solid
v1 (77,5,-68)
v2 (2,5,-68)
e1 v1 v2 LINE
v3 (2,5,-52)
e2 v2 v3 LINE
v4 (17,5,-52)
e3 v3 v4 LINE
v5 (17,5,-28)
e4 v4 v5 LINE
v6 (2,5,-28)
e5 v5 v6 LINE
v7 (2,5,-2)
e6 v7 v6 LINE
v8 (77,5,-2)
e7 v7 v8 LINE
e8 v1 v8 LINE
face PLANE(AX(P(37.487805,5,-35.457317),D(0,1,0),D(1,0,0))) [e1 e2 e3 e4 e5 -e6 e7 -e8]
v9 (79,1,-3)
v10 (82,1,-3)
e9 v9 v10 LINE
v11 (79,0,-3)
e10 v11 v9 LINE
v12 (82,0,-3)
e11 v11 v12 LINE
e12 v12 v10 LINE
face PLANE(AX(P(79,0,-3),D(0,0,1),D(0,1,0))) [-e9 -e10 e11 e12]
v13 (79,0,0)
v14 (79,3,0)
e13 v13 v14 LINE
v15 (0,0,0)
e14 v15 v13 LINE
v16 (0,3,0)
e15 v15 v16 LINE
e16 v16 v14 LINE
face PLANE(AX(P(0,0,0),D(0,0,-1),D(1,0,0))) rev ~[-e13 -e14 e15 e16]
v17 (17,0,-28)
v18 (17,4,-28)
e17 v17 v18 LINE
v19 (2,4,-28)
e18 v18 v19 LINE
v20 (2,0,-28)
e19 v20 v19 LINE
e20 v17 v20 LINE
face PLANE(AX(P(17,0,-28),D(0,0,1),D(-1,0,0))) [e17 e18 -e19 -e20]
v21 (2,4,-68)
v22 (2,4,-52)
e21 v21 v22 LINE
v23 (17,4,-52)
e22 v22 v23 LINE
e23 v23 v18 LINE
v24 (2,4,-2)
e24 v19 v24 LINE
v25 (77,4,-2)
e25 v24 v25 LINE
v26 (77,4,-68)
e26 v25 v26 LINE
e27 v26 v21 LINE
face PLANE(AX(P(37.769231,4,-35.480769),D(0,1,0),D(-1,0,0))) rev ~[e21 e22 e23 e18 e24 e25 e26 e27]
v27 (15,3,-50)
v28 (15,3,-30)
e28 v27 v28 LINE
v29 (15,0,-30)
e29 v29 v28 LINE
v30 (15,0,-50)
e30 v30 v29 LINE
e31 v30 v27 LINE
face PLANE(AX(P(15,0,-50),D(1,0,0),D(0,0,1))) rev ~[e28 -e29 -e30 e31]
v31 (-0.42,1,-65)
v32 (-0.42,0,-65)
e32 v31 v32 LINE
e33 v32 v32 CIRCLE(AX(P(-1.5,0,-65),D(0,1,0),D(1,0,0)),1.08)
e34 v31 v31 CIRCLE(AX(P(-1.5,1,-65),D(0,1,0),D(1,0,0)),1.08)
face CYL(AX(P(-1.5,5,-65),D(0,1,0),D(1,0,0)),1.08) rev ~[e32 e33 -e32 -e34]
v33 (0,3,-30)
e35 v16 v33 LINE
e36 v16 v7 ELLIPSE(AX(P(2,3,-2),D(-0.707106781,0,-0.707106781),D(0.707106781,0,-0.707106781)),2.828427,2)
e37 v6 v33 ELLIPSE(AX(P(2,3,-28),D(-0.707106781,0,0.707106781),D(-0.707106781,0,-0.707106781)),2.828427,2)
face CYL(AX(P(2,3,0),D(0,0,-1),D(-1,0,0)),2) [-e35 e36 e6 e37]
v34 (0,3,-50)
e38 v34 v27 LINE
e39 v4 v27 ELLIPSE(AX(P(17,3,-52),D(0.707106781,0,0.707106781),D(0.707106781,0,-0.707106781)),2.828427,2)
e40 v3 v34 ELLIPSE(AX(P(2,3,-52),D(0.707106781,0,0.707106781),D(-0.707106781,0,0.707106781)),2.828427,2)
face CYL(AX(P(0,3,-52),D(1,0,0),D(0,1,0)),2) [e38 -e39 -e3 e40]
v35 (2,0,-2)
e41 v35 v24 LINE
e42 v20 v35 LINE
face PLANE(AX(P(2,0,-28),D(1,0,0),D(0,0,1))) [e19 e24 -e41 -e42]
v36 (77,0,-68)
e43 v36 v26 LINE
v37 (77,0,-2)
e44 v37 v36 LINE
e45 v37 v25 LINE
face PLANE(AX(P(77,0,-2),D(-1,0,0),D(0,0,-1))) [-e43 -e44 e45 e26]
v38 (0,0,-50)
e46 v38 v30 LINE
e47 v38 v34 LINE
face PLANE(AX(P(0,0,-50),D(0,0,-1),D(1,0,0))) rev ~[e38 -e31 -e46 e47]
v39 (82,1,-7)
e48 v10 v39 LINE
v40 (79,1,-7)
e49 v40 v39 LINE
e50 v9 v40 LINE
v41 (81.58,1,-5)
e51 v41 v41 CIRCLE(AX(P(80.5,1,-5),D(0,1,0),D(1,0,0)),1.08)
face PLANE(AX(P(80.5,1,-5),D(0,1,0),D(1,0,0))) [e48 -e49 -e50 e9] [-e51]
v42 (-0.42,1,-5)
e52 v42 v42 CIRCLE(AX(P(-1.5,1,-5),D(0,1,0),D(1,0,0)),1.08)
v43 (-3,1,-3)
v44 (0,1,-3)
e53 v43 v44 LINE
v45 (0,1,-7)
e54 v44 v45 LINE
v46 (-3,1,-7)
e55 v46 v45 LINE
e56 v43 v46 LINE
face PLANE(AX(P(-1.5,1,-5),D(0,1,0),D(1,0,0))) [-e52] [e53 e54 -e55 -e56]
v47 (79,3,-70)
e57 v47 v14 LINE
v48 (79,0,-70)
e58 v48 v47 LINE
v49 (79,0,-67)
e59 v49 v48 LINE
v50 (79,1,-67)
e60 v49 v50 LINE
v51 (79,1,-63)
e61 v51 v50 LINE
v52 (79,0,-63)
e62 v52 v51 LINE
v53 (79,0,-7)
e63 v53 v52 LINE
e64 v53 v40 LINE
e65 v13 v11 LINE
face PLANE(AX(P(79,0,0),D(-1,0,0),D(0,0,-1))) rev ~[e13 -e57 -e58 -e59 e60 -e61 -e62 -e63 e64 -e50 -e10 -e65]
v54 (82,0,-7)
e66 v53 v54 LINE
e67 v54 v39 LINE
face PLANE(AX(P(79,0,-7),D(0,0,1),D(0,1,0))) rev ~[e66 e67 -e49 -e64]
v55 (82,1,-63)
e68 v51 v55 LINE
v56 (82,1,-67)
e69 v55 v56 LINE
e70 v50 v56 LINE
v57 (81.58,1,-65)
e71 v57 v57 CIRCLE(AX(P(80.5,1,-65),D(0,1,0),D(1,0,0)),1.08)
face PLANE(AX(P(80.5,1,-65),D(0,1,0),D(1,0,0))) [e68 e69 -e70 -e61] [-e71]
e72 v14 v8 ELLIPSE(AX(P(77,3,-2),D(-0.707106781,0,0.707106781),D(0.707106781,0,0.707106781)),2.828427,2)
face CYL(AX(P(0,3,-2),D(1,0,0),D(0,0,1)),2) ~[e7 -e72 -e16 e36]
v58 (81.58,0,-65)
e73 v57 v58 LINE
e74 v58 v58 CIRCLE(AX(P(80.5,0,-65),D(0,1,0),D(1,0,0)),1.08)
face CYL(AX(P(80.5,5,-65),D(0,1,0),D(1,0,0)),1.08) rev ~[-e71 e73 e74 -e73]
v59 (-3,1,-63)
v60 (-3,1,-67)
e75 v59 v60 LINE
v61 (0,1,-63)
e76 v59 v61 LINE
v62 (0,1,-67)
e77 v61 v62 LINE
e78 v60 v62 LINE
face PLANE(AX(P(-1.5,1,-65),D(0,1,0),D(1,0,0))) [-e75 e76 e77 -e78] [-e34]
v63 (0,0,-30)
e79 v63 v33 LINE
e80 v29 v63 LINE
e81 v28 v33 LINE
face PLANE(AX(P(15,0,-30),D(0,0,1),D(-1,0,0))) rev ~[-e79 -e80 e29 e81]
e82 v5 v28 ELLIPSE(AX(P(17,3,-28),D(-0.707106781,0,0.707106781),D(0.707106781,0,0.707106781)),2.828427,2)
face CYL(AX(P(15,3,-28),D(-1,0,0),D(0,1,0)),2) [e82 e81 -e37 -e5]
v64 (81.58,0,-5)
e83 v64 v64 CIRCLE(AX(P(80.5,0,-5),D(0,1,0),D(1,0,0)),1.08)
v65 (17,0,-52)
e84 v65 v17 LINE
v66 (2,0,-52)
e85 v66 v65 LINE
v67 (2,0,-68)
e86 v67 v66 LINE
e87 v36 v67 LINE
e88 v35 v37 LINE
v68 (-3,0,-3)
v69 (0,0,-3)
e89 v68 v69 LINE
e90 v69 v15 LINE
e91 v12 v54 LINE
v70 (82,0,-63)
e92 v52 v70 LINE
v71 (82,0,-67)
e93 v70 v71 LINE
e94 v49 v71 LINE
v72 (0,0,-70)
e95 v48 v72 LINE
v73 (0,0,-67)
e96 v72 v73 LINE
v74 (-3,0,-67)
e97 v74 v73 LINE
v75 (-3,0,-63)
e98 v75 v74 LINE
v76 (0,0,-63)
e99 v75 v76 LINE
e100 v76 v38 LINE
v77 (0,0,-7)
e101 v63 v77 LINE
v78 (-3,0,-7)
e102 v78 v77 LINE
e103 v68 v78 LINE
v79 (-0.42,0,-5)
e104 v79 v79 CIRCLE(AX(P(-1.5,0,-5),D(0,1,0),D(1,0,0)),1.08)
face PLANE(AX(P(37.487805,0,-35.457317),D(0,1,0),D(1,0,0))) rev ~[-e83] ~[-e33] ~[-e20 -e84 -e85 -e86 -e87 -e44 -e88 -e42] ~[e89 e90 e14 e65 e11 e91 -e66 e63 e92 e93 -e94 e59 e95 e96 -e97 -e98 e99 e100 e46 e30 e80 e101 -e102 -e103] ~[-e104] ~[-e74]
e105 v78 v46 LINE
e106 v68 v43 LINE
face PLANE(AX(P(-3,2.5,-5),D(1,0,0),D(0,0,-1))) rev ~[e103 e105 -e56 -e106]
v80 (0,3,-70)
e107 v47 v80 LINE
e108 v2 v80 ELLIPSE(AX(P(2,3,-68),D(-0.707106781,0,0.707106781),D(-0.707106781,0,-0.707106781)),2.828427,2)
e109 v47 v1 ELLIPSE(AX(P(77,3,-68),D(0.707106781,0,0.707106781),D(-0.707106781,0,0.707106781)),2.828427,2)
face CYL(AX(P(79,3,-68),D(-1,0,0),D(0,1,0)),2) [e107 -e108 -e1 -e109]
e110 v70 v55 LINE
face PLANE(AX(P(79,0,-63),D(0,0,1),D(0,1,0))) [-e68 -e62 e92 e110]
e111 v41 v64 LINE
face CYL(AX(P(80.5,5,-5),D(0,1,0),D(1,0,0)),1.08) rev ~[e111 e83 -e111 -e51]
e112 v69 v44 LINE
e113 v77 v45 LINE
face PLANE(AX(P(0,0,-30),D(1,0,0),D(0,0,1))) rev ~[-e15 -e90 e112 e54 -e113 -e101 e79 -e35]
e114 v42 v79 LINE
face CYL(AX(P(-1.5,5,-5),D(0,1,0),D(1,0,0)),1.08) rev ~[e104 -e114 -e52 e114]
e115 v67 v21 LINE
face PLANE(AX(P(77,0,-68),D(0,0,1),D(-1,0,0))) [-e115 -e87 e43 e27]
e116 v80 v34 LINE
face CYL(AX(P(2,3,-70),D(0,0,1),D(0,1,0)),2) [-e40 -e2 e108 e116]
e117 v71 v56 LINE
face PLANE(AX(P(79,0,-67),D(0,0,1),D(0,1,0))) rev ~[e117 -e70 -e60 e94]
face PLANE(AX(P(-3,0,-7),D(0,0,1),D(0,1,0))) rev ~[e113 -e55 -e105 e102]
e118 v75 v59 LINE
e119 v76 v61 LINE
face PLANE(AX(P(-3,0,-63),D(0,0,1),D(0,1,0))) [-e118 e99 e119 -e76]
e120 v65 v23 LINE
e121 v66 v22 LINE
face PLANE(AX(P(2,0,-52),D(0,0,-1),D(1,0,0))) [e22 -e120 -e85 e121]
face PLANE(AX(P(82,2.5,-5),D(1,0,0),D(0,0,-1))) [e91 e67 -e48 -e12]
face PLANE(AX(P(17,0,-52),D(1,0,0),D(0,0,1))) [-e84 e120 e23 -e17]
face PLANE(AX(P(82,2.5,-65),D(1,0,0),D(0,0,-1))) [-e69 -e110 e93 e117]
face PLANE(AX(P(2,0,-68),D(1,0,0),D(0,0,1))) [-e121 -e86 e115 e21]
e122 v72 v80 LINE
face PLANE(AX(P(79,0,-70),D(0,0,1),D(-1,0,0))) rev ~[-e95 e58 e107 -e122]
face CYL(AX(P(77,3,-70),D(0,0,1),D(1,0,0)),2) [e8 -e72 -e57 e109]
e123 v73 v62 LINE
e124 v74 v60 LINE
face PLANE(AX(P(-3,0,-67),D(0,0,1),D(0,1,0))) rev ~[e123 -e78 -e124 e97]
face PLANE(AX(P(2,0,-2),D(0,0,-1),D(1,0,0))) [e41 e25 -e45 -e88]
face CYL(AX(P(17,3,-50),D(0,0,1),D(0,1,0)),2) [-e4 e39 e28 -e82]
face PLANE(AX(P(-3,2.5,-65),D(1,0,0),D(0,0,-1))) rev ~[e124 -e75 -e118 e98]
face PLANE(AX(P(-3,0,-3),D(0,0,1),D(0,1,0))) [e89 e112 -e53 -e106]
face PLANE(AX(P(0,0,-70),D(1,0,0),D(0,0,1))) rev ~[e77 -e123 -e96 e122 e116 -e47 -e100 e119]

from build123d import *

# Parameters (mm, degrees)
BOSS_EXTRUDE1_DEPTH  = 5
SKETCH3_W            = 4
SKETCH3_H            = 5
BOSS_EXTRUDE2_DEPTH  = 3
SKETCH4_R            = 1.08
CUT_EXTRUDE1_DEPTH   = 6
LPATTERN1_COUNT      = 2
LPATTERN1_PITCH      = 60
LPATTERN1_COUNT_DIR2 = 2
LPATTERN1_PITCH_DIR2 = 82
LPATTERN2_COUNT      = 2
LPATTERN2_PITCH      = 60
LPATTERN2_COUNT_DIR2 = 2
LPATTERN2_PITCH_DIR2 = 82
SKETCH5_W            = 3
SKETCH5_H            = 4
CUT_EXTRUDE2_DEPTH   = 4
CUT_EXTRUDE3_DEPTH   = 4
FILLET1_R            = 2


with BuildPart() as part:
    # Sketch2 → Boss-Extrude1 (new body)
    with BuildSketch(Plane(origin=(0, 0, 0), x_dir=(1, 0, 0), z_dir=(0, 1, 0))):
        Polygon((0, 0), (79, 0), (79, 70), (0, 70), (0, 50), (15, 50), (15, 30), (0, 30), align=None)
    extrude(amount=BOSS_EXTRUDE1_DEPTH)

    # Sketch3 → Boss-Extrude2 (add)
    with BuildSketch(Plane(origin=(79, 0, 0), x_dir=(0, 0, -1), z_dir=(1, 0, 0))):
        with Locations((5, 2.5)):
            Rectangle(SKETCH3_W, SKETCH3_H)
    boss_extrude2 = extrude(amount=BOSS_EXTRUDE2_DEPTH)

    # Sketch4 → Cut-Extrude1 (cut, through all)
    with BuildSketch(Plane(origin=(0, 5, 0), x_dir=(1, 0, 0), z_dir=(0, 1, 0))):
        with Locations((80.5, 5)):
            Circle(SKETCH4_R)
    cut_extrude1 = extrude(amount=-CUT_EXTRUDE1_DEPTH, mode=Mode.SUBTRACT)

    # LPattern1: Boss-Extrude2 2 × 2
    with Locations(*[(-j * LPATTERN1_PITCH_DIR2, 0, -i * LPATTERN1_PITCH) for i in range(LPATTERN1_COUNT) for j in range(LPATTERN1_COUNT_DIR2) if (i, j) != (0, 0)]):
        add(boss_extrude2)

    # LPattern2: Cut-Extrude1 2 × 2
    with Locations(*[(-j * LPATTERN2_PITCH_DIR2, 0, -i * LPATTERN2_PITCH) for i in range(LPATTERN2_COUNT) for j in range(LPATTERN2_COUNT_DIR2) if (i, j) != (0, 0)]):
        add(cut_extrude1, mode=Mode.SUBTRACT)

    # Sketch5 → Cut-Extrude2 (cut)
    with BuildSketch(Plane(origin=(0, 5, 0), x_dir=(1, 0, 0), z_dir=(0, 1, 0))):
        with Locations((-1.5, 65)):
            Rectangle(SKETCH5_W, SKETCH5_H)
        with Locations((-1.5, 5)):
            Rectangle(SKETCH5_W, SKETCH5_H)
        with Locations((80.5, 5)):
            Rectangle(SKETCH5_W, SKETCH5_H)
        with Locations((80.5, 65)):
            Rectangle(SKETCH5_W, SKETCH5_H)
    extrude(amount=-CUT_EXTRUDE2_DEPTH, mode=Mode.SUBTRACT)

    # Sketch7 → Cut-Extrude3 (cut)
    with BuildSketch(Plane.XZ):
        Polygon((2, -2), (77, -2), (77, -68), (2, -68), (2, -52), (17, -52), (17, -28), (2, -28), align=None)
    extrude(amount=-CUT_EXTRUDE3_DEPTH, mode=Mode.SUBTRACT)

    # Fillet1
    fillet1_edges = [part.edges().sort_by_distance(p)[0] for p in [
        (79, 5, -35),
        (39.5, 5, -70),
        (0, 5, -60),
        (7.5, 5, -50),
        (15, 5, -40),
        (7.5, 5, -30),
        (0, 5, -15),
        (39.5, 5, 0),
    ]]
    fillet(fillet1_edges, radius=FILLET1_R)


solid = part.part
